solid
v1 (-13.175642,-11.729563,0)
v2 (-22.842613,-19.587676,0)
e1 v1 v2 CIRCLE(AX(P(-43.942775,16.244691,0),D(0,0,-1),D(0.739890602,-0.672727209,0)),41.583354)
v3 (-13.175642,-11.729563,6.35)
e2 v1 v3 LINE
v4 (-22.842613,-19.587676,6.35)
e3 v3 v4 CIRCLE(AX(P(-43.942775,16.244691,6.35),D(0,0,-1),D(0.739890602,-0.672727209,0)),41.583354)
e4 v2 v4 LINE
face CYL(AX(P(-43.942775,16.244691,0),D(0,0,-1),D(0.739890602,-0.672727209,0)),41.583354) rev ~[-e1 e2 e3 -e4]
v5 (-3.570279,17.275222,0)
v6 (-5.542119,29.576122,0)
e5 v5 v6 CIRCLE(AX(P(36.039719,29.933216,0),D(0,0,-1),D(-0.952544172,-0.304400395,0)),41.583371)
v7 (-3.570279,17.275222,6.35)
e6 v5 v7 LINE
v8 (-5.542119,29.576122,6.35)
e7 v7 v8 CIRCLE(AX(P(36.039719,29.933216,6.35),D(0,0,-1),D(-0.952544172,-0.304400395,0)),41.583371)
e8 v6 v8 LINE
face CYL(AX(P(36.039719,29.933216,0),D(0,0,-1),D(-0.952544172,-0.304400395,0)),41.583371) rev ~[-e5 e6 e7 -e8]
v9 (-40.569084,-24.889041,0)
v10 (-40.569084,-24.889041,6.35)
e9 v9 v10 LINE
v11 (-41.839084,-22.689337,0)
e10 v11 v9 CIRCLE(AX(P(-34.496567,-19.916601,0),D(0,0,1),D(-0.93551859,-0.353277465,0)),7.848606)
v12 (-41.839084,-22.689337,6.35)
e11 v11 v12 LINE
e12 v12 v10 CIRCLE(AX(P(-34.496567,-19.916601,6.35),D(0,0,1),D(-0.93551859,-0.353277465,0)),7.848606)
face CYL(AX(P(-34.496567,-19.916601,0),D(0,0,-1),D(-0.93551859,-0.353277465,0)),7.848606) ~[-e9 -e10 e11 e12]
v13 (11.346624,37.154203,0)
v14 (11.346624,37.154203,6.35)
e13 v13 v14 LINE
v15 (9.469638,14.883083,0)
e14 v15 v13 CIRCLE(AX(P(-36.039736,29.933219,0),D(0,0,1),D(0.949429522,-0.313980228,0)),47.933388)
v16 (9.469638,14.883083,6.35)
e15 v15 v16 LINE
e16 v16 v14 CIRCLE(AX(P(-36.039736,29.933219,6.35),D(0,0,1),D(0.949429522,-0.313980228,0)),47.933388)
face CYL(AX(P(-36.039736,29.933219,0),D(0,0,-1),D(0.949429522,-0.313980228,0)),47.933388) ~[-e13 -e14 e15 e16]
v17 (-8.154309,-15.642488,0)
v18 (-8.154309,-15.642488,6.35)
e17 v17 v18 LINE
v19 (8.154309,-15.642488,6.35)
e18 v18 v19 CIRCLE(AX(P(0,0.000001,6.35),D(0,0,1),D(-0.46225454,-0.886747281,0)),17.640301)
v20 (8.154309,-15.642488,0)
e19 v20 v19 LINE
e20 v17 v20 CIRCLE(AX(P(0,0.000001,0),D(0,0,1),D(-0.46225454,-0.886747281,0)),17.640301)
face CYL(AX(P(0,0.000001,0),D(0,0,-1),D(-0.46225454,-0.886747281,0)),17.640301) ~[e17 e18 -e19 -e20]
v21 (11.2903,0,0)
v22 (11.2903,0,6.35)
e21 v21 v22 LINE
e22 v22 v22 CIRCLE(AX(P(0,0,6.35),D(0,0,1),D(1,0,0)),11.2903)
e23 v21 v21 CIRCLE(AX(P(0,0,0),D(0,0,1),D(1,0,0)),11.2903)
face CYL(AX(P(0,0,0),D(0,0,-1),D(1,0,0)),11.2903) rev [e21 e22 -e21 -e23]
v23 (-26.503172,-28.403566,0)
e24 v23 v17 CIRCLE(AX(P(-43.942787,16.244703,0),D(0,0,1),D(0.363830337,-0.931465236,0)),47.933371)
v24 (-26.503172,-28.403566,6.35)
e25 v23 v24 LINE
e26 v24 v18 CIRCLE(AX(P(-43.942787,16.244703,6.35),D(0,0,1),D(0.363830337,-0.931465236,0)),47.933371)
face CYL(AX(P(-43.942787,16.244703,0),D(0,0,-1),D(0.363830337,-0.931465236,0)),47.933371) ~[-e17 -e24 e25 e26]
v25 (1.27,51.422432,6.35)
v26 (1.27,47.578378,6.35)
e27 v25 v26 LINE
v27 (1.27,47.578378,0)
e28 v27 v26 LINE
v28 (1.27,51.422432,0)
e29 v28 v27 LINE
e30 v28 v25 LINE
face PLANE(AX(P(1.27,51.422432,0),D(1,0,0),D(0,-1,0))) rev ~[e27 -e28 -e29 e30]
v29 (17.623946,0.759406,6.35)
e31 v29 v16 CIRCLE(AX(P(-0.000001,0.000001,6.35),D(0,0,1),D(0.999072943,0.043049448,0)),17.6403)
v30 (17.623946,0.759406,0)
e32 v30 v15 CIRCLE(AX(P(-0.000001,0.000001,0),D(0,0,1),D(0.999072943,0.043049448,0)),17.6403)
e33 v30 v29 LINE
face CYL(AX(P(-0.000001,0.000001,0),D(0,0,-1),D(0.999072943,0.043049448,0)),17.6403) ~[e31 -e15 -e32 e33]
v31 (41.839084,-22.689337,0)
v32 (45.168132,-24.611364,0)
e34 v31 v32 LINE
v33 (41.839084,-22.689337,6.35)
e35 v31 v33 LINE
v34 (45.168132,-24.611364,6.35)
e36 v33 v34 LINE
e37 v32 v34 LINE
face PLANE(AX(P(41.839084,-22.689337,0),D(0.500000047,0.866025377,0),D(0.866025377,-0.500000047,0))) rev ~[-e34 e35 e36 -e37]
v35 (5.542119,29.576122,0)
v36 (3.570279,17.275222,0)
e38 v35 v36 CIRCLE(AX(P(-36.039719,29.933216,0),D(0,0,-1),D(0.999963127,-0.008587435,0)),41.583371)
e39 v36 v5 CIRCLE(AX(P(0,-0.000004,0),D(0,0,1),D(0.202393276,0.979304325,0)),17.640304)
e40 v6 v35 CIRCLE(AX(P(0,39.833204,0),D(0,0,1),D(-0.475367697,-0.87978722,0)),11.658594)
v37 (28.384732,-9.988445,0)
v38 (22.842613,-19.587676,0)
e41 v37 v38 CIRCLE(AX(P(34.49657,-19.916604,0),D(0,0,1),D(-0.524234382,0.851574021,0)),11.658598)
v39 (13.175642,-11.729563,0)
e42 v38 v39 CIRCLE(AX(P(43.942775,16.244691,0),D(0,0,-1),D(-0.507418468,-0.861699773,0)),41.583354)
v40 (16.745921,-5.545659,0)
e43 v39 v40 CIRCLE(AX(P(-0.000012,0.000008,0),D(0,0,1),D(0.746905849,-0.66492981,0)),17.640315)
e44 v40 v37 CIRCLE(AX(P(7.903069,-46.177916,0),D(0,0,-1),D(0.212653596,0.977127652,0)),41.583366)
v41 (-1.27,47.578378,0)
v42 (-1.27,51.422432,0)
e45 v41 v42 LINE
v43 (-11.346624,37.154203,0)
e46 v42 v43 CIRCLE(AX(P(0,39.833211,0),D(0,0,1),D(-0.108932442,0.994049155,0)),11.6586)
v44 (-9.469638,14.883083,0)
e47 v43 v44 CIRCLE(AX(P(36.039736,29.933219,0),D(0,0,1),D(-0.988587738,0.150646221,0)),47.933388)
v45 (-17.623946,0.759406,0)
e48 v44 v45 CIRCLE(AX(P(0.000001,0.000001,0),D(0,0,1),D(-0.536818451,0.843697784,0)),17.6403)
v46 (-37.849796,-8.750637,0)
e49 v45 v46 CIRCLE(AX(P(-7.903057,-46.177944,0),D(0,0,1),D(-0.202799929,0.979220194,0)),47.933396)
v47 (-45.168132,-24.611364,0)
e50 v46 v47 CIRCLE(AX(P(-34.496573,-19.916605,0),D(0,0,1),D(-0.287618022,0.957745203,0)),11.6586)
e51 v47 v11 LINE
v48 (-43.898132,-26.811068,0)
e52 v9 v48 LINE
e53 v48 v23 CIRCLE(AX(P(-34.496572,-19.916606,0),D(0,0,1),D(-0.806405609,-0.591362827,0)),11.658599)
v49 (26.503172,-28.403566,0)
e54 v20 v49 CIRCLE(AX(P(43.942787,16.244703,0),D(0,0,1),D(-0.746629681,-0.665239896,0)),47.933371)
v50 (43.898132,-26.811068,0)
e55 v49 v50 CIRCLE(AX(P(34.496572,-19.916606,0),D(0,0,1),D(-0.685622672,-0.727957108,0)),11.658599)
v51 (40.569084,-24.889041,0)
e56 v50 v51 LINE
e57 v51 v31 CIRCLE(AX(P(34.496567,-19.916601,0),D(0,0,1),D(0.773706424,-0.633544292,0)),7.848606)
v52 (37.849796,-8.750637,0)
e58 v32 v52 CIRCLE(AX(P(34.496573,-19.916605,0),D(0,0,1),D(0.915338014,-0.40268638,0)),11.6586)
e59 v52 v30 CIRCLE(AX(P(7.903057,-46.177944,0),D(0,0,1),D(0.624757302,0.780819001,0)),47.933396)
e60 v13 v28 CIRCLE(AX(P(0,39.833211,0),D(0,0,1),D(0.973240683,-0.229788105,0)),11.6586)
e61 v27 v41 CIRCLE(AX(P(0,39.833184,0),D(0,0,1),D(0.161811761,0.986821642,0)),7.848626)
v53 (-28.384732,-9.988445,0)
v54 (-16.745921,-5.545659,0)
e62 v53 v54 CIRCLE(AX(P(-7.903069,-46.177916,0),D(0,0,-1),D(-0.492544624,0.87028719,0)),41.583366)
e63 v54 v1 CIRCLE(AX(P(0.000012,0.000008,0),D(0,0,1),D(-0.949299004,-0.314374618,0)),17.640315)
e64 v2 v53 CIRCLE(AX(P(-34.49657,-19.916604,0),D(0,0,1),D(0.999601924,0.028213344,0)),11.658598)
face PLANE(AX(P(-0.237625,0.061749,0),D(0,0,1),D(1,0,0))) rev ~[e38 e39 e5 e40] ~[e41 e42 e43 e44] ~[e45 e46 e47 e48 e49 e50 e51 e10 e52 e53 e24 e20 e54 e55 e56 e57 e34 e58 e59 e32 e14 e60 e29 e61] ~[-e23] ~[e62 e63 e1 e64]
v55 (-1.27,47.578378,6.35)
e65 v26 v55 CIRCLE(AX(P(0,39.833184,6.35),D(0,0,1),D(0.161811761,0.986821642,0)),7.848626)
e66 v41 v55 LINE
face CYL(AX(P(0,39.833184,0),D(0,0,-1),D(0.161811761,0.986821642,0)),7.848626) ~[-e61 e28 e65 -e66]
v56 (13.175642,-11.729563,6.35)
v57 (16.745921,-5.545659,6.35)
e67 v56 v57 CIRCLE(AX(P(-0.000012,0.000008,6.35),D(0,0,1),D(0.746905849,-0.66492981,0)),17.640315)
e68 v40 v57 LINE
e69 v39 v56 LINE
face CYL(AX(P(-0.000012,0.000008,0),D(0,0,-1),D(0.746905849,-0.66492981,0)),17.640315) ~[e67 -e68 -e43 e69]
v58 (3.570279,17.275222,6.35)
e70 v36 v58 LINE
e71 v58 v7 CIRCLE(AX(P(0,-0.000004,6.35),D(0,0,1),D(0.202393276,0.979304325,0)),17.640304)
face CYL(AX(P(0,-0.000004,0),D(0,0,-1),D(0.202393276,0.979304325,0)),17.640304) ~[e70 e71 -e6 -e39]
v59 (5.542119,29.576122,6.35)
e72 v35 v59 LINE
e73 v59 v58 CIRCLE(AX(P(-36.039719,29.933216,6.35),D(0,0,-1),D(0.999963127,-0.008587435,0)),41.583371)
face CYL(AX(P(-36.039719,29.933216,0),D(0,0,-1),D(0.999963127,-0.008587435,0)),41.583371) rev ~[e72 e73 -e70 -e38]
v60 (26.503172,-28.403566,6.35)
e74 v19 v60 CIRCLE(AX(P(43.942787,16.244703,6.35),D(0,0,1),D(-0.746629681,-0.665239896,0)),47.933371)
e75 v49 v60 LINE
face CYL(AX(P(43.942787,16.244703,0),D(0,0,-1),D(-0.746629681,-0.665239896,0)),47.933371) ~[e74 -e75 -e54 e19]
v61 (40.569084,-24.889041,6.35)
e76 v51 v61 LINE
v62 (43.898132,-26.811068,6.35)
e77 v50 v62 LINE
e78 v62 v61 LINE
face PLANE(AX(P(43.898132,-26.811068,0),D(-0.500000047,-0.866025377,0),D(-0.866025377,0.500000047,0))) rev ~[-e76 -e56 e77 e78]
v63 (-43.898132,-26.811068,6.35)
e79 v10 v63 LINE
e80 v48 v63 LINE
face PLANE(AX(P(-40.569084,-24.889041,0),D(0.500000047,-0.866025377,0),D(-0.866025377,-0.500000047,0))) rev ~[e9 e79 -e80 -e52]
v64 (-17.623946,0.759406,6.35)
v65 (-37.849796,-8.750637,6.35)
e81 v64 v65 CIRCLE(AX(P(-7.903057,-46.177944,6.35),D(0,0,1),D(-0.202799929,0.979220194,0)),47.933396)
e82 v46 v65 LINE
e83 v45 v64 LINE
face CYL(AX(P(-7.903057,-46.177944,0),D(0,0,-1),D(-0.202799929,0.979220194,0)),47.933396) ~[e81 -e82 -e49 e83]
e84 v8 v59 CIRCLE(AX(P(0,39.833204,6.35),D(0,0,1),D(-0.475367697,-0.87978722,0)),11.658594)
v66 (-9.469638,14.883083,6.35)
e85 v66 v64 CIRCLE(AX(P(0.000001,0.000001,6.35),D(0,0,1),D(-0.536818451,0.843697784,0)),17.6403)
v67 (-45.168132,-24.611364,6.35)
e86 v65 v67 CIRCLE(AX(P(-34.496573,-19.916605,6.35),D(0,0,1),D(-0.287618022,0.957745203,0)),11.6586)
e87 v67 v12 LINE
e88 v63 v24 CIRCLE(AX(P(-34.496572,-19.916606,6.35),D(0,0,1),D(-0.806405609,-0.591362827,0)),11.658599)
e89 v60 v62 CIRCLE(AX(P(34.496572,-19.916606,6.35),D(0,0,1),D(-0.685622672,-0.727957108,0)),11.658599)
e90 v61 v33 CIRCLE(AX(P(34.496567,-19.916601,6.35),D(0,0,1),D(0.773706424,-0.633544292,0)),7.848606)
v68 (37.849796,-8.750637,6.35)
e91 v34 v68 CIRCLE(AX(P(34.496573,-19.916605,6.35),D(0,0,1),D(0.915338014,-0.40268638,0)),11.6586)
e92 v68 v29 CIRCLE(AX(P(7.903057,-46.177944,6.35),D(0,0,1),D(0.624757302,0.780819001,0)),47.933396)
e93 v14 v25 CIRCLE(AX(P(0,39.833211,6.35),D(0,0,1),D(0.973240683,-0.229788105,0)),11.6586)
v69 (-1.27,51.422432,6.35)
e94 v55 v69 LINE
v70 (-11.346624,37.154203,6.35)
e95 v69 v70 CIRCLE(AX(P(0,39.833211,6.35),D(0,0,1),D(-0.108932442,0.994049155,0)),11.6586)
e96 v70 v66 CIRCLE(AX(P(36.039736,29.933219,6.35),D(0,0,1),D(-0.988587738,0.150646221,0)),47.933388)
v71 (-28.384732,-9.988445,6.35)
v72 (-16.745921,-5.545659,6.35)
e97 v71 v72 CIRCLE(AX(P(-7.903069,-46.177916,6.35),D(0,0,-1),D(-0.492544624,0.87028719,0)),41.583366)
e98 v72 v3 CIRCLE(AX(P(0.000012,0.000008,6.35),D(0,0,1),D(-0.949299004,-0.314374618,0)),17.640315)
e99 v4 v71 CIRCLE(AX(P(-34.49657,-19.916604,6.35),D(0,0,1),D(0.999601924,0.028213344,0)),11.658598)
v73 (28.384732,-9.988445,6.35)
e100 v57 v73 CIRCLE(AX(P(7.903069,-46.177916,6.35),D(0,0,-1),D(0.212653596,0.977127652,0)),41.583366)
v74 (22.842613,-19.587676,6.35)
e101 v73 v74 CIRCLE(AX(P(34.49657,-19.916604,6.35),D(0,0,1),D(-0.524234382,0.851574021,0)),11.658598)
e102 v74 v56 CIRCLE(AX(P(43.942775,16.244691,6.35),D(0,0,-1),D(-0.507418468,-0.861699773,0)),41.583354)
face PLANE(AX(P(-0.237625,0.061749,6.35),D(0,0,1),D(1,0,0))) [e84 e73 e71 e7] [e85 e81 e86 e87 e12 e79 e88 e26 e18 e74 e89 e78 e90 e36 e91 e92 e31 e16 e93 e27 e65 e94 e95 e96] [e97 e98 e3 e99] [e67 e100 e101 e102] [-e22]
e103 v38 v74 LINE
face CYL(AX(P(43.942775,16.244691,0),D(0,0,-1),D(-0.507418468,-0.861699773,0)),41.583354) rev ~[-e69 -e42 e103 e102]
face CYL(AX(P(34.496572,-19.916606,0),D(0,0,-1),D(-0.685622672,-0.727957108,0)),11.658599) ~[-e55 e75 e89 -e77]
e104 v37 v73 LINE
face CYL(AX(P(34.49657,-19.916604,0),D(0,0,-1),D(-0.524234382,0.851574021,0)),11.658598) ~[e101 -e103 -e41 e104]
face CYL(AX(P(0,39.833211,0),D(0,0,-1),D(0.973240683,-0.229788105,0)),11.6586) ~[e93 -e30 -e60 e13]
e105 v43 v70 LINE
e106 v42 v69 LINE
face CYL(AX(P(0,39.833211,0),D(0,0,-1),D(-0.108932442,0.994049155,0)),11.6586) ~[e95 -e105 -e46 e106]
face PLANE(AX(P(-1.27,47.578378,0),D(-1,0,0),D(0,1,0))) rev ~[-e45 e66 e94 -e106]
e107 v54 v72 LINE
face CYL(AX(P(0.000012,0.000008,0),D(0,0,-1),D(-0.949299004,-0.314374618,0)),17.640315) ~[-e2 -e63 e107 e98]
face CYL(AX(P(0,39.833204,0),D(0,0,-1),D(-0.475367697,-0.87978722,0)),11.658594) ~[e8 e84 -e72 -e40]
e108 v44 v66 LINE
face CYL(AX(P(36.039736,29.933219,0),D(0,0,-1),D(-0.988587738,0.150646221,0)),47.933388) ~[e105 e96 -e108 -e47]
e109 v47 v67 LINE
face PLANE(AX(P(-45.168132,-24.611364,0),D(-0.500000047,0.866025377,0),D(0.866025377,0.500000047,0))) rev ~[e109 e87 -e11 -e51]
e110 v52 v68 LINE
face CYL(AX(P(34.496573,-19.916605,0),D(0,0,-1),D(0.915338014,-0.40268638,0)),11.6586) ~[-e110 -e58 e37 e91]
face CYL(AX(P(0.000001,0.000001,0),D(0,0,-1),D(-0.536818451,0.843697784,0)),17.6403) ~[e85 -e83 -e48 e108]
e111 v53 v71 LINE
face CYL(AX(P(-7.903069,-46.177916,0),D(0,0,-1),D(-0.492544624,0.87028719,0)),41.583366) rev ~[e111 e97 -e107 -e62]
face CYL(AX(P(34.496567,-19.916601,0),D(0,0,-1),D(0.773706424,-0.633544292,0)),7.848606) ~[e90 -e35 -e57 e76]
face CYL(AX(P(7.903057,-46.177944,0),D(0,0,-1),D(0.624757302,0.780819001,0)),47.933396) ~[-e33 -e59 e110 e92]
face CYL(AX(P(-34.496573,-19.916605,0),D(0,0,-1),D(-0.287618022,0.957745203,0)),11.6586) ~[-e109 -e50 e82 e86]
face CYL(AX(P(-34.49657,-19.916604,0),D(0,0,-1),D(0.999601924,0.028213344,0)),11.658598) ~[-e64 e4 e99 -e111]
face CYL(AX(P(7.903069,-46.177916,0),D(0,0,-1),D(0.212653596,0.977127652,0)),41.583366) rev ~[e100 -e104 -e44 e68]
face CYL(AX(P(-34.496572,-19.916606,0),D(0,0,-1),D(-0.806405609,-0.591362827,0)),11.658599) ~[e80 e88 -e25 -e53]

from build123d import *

# Parameters (mm, degrees)
F0_R     = 11.2903
F1_DEPTH = 6.35


with BuildPart() as f1:
    # F0 (on Top) → F1 (new body)
    with BuildSketch(Plane.XY):
        with BuildLine():
            ThreePointArc((-11.346624, 37.154203), (-11.72432, 25.907716), (-9.469638, 14.883083))
            ThreePointArc((-9.469638, 14.883083), (-15.276948, 8.82015), (-17.623946, 0.759406))
            ThreePointArc((-17.623946, 0.759406), (-28.2989, -2.800299), (-37.849796, -8.750637))
            ThreePointArc((-37.849796, -8.750637), (-45.082615, -15.032073), (-45.168132, -24.611364))
            Line((-45.168132, -24.611364), (-41.839084, -22.689337))
            ThreePointArc((-41.839084, -22.689337), (-35.905842, -12.195564), (-26.647972, -19.916605))
            ThreePointArc((-26.647972, -19.916605), (-31.856515, -27.307858), (-40.569084, -24.889041))
            Line((-40.569084, -24.889041), (-43.898132, -26.811068))
            ThreePointArc((-43.898132, -26.811068), (-35.559465, -31.526653), (-26.503172, -28.403566))
            ThreePointArc((-26.503172, -28.403566), (-16.57458, -23.107417), (-8.154309, -15.642488))
            ThreePointArc((-8.154309, -15.642488), (0, -17.6403), (8.154309, -15.642488))
            ThreePointArc((8.154309, -15.642488), (16.57458, -23.107417), (26.503172, -28.403566))
            ThreePointArc((26.503172, -28.403566), (35.559465, -31.526653), (43.898132, -26.811068))
            Line((43.898132, -26.811068), (40.569084, -24.889041))
            ThreePointArc((40.569084, -24.889041), (27.105319, -17.276548), (42.345172, -19.916605))
            ThreePointArc((42.345172, -19.916605), (42.217614, -21.325875), (41.839084, -22.689337))
            Line((41.839084, -22.689337), (45.168132, -24.611364))
            ThreePointArc((45.168132, -24.611364), (45.082615, -15.032073), (37.849796, -8.750637))
            ThreePointArc((37.849796, -8.750637), (28.2989, -2.800299), (17.623946, 0.759406))
            ThreePointArc((17.623946, 0.759406), (15.276948, 8.82015), (9.469638, 14.883083))
            ThreePointArc((9.469638, 14.883083), (11.72432, 25.907716), (11.346624, 37.154203))
            ThreePointArc((11.346624, 37.154203), (9.52315, 46.558727), (1.27, 51.422432))
            Line((1.27, 51.422432), (1.27, 47.578378))
            ThreePointArc((1.27, 47.578378), (5.981983, 44.914195), (7.8486, 39.83321))
            ThreePointArc((7.8486, 39.83321), (-5.080984, 33.851227), (-1.27, 47.578378))
            Line((-1.27, 47.578378), (-1.27, 51.422432))
            ThreePointArc((-1.27, 51.422432), (-9.52315, 46.558727), (-11.346624, 37.154203))
        make_face()
        with BuildLine():
            ThreePointArc((-13.175642, -11.729563), (-17.713182, -16.022689), (-22.842613, -19.587676))
            ThreePointArc((-22.842613, -19.587676), (-24.399928, -14.087305), (-28.384732, -9.988445))
            ThreePointArc((-28.384732, -9.988445), (-22.732647, -7.328721), (-16.745921, -5.545659))
            ThreePointArc((-16.745921, -5.545659), (-15.276948, -8.82015), (-13.175642, -11.729563))
        make_face(mode=Mode.SUBTRACT)
        with BuildLine():
            ThreePointArc((16.745921, -5.545659), (22.732647, -7.328721), (28.384732, -9.988445))
            ThreePointArc((28.384732, -9.988445), (24.399928, -14.087305), (22.842613, -19.587676))
            ThreePointArc((22.842613, -19.587676), (17.713182, -16.022689), (13.175642, -11.729563))
            ThreePointArc((13.175642, -11.729563), (15.276948, -8.82015), (16.745921, -5.545659))
        make_face(mode=Mode.SUBTRACT)
        Circle(F0_R, mode=Mode.SUBTRACT)
        with BuildLine():
            ThreePointArc((-3.570279, 17.275222), (-5.019465, 23.35141), (-5.542119, 29.576122))
            ThreePointArc((-5.542119, 29.576122), (0, 28.17461), (5.542119, 29.576122))
            ThreePointArc((5.542119, 29.576122), (5.019465, 23.35141), (3.570279, 17.275222))
            ThreePointArc((3.570279, 17.275222), (0, 17.6403), (-3.570279, 17.275222))
        make_face(mode=Mode.SUBTRACT)
        with BuildLine():
            ThreePointArc((-26.647972, -19.916605), (-35.905842, -12.195564), (-41.839084, -22.689337))
            ThreePointArc((-41.839084, -22.689337), (-41.293659, -23.840905), (-40.569084, -24.889041))
            ThreePointArc((-40.569084, -24.889041), (-31.856515, -27.307858), (-26.647972, -19.916605))
        make_face()
        with BuildLine():
            ThreePointArc((1.27, 47.578378), (0, 47.68181), (-1.27, 47.578378))
            ThreePointArc((-1.27, 47.578378), (-5.080984, 33.851227), (7.8486, 39.83321))
            ThreePointArc((7.8486, 39.83321), (5.981983, 44.914195), (1.27, 47.578378))
        make_face()
        with BuildLine():
            ThreePointArc((40.569084, -24.889041), (41.293659, -23.840905), (41.839084, -22.689337))
            ThreePointArc((41.839084, -22.689337), (42.217614, -21.325875), (42.345172, -19.916605))
            ThreePointArc((42.345172, -19.916605), (27.105319, -17.276548), (40.569084, -24.889041))
        make_face()
    extrude(amount=F1_DEPTH)


solid = f1.part
